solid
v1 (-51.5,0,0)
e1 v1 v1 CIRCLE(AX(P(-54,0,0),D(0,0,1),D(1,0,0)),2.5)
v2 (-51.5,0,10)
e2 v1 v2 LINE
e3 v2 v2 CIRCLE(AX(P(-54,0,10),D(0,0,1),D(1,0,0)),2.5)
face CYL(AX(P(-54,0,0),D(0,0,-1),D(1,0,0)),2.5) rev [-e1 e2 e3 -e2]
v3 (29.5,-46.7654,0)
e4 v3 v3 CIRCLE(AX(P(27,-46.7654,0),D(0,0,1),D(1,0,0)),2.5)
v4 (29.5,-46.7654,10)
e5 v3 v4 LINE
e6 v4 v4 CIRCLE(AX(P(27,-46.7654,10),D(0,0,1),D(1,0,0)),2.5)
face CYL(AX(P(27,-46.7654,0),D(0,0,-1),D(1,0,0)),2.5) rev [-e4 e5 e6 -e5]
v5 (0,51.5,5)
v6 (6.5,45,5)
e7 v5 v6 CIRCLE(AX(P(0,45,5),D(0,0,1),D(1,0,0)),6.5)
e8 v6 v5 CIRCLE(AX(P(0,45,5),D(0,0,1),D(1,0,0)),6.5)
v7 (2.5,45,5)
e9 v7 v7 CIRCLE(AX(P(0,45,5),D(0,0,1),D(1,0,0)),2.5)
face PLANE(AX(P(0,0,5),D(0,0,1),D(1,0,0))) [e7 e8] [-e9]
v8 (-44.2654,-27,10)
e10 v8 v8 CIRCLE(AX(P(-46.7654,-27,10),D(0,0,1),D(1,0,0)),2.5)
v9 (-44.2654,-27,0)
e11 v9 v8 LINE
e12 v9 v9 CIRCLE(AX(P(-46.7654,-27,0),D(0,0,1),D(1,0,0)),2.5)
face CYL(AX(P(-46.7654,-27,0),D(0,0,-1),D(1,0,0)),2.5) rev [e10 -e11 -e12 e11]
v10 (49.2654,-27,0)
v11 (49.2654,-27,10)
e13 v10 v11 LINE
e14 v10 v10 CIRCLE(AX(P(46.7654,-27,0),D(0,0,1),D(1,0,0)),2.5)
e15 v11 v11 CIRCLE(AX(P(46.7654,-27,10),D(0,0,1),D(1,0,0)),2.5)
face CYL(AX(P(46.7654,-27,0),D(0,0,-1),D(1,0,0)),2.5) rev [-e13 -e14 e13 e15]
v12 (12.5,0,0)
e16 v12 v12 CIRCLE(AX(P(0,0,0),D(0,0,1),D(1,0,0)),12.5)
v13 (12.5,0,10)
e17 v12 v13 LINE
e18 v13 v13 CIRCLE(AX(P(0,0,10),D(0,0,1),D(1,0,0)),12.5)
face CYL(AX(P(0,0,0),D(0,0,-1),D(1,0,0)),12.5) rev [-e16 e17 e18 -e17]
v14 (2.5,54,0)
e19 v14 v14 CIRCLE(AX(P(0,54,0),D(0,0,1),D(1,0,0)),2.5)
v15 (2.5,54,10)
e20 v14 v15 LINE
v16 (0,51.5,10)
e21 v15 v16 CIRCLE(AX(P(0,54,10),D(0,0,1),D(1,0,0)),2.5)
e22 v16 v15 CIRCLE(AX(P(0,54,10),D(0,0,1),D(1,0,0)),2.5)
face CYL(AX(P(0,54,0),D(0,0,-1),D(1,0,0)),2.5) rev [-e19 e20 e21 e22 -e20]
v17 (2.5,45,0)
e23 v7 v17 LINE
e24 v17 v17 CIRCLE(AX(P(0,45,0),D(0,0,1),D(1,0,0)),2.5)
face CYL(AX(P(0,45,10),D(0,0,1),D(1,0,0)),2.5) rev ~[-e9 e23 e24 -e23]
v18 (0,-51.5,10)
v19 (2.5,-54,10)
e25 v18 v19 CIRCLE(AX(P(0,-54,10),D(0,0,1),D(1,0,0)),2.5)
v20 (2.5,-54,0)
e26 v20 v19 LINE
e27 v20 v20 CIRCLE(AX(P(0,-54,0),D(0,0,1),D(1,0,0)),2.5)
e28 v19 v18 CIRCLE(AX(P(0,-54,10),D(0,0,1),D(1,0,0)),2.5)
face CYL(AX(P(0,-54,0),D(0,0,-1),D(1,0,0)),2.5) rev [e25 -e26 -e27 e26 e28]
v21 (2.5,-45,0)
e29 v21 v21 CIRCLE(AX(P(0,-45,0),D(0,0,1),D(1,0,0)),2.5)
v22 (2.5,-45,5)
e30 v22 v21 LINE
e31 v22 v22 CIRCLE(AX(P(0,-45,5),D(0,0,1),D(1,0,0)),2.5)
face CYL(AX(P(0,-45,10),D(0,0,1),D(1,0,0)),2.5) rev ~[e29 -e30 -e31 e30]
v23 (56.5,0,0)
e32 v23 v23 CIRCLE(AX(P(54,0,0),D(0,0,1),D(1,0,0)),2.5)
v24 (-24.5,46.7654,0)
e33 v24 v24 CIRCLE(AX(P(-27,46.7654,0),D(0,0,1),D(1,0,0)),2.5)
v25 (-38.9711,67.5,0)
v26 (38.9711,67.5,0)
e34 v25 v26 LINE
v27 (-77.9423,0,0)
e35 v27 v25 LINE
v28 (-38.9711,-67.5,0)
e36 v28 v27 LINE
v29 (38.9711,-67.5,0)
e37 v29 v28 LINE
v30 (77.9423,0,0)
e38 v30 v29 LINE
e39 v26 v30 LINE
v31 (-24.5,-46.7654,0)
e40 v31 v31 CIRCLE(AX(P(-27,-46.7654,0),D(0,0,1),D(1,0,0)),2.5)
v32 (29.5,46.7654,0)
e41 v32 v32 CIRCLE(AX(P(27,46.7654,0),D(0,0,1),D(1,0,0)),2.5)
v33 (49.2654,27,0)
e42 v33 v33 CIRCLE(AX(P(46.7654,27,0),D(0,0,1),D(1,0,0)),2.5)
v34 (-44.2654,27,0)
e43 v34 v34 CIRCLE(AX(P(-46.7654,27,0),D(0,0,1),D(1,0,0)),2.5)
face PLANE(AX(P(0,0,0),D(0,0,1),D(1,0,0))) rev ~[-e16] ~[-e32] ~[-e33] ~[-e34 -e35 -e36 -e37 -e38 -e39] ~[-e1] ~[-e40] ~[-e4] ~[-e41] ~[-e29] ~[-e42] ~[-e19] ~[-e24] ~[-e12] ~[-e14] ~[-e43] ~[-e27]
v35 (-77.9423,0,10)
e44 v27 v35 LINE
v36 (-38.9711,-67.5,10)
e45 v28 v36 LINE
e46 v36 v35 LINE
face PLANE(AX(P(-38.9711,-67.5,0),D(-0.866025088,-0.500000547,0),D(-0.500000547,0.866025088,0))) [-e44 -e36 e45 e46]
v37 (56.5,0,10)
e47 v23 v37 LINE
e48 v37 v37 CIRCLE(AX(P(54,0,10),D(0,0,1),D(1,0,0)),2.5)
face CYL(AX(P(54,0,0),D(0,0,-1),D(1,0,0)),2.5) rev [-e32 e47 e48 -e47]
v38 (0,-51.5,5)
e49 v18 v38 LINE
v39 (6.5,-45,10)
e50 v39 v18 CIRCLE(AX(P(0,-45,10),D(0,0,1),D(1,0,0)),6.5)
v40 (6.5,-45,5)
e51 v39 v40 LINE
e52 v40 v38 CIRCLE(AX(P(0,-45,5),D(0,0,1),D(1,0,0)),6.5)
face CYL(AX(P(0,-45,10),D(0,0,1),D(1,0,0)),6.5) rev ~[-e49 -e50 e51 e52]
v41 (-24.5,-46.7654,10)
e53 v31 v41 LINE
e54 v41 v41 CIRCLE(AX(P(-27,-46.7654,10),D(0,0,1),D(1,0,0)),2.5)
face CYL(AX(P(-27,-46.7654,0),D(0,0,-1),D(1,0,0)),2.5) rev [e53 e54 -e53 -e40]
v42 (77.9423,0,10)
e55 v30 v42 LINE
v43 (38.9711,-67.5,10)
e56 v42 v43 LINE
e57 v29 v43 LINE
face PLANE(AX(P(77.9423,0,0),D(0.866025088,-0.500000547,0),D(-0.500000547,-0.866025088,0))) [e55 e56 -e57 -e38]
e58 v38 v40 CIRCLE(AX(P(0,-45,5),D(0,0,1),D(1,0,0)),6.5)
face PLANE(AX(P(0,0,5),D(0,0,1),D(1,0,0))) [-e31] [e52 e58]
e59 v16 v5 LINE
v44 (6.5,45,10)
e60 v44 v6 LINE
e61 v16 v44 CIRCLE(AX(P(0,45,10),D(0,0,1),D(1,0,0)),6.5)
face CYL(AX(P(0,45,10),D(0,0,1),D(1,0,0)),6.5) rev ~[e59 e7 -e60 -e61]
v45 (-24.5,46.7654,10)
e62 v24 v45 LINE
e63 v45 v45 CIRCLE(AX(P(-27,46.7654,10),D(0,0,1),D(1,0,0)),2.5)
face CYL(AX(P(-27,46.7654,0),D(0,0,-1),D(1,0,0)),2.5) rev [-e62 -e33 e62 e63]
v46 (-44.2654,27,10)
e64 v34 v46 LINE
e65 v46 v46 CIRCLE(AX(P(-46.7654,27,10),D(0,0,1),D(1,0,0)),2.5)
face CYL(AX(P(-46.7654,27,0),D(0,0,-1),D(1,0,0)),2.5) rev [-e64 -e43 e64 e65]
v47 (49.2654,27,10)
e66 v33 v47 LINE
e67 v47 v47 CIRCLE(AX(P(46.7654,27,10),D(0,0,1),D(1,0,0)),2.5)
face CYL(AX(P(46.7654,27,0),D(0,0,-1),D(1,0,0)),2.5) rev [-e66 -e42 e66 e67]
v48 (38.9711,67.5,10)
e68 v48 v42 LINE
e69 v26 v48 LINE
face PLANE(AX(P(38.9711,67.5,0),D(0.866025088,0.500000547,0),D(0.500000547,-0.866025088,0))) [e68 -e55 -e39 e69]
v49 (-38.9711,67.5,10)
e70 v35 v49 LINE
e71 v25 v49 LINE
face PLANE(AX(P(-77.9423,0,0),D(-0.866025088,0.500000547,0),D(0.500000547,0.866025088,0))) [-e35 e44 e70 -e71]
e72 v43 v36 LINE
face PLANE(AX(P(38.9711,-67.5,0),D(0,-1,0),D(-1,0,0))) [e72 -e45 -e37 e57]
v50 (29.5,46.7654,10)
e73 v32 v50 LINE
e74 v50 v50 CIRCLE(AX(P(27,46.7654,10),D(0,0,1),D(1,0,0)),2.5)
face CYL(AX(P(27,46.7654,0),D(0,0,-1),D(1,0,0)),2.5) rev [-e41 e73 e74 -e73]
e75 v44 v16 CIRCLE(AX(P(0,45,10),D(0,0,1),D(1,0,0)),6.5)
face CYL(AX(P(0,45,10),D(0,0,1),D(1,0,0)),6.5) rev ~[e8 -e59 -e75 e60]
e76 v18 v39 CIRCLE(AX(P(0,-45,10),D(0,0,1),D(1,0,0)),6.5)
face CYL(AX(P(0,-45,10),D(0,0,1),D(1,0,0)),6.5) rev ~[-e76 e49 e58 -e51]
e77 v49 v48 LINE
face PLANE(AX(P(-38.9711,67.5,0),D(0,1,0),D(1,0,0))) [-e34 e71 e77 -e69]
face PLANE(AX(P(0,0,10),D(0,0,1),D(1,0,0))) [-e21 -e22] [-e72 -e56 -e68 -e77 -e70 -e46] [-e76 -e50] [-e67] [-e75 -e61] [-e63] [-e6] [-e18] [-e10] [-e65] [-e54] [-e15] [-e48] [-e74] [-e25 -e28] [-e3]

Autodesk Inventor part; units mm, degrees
ref_plane "YZ Plane" through (0, 0, 0) normal (1, 0, 0) x (0, 1, 0)
ref_plane "XZ Plane" through (0, 0, 0) normal (0, 1, 0) x (-1, 0, 0)
ref_plane "XY Plane" through (0, 0, 0) normal (0, 0, 1) x (1, 0, 0)
sketch "Sketch1" plane through (0, 0, 0) normal (0, 0, 1) x (1, 0, 0)
  line L0 (77.9423, 0) -> (38.9711, -67.5)
  line L1 (38.9711, -67.5) -> (-38.9711, -67.5)
  line L2 (-38.9711, -67.5) -> (-77.9423, 0)
  line L3 (-77.9423, 0) -> (-38.9711, 67.5)
  line L4 (-38.9711, 67.5) -> (38.9711, 67.5)
  line L5 (38.9711, 67.5) -> (77.9423, 0)
  circle A0 centre (0, 0) radius 12.5
  circle A1 centre (54, 0) radius 2.5
  circle A2 centre (46.7654, 27) radius 2.5
  circle A3 centre (27, 46.7654) radius 2.5
  circle A4 centre (0, 54) radius 2.5
  circle A5 centre (-27, 46.7654) radius 2.5
  circle A6 centre (-46.7654, 27) radius 2.5
  circle A7 centre (-54, 0) radius 2.5
  circle A8 centre (-46.7654, -27) radius 2.5
  circle A9 centre (-27, -46.7654) radius 2.5
  circle A10 centre (0, -54) radius 2.5
  circle A11 centre (27, -46.7654) radius 2.5
  circle A12 centre (46.7654, -27) radius 2.5
  dimension "d0" = 135
  dimension "d1" = 25
  dimension "d2" = 54
  dimension "d3" = 5
  dimension "d6" = 360
extrude "Extrusion1" add sketch "Sketch1" along normal blind 10
sketch "Sketch2" plane through (0, 0, 10) normal (0, 0, 1) x (1, 0, 0)
  circle A0 centre (0, 45) radius 2.5
  circle A1 centre (-45, 0) radius 2.5
  circle A2 centre (0, -45) radius 2.5
  circle A3 centre (45, 0) radius 2.5
  point P0 (0, 0)
  dimension "d10" = 5
  dimension "d11" = 45
  dimension "d14" = 360
extrude "Extrusion2" cut sketch "Sketch2" against normal through all contours A0 | A2
sketch "Sketch4" plane through (0, 0, 10) normal (0, 0, 1) x (1, 0, 0)
  circle A0 centre (0, 45) radius 2.5 projected
  circle A1 centre (0, 45) radius 6.5
  circle A2 centre (-45, 0) radius 6.5
  circle A3 centre (0, -45) radius 6.5
  circle A4 centre (45, 0) radius 6.5
  point P0 (0, 0)
  dimension "d22" = 13
  dimension "d28" = 360
extrude "Extrusion4" cut sketch "Sketch4" against normal blind 5 contours A1 | A3
properties part number "AC04" material "ABS Plastic"
